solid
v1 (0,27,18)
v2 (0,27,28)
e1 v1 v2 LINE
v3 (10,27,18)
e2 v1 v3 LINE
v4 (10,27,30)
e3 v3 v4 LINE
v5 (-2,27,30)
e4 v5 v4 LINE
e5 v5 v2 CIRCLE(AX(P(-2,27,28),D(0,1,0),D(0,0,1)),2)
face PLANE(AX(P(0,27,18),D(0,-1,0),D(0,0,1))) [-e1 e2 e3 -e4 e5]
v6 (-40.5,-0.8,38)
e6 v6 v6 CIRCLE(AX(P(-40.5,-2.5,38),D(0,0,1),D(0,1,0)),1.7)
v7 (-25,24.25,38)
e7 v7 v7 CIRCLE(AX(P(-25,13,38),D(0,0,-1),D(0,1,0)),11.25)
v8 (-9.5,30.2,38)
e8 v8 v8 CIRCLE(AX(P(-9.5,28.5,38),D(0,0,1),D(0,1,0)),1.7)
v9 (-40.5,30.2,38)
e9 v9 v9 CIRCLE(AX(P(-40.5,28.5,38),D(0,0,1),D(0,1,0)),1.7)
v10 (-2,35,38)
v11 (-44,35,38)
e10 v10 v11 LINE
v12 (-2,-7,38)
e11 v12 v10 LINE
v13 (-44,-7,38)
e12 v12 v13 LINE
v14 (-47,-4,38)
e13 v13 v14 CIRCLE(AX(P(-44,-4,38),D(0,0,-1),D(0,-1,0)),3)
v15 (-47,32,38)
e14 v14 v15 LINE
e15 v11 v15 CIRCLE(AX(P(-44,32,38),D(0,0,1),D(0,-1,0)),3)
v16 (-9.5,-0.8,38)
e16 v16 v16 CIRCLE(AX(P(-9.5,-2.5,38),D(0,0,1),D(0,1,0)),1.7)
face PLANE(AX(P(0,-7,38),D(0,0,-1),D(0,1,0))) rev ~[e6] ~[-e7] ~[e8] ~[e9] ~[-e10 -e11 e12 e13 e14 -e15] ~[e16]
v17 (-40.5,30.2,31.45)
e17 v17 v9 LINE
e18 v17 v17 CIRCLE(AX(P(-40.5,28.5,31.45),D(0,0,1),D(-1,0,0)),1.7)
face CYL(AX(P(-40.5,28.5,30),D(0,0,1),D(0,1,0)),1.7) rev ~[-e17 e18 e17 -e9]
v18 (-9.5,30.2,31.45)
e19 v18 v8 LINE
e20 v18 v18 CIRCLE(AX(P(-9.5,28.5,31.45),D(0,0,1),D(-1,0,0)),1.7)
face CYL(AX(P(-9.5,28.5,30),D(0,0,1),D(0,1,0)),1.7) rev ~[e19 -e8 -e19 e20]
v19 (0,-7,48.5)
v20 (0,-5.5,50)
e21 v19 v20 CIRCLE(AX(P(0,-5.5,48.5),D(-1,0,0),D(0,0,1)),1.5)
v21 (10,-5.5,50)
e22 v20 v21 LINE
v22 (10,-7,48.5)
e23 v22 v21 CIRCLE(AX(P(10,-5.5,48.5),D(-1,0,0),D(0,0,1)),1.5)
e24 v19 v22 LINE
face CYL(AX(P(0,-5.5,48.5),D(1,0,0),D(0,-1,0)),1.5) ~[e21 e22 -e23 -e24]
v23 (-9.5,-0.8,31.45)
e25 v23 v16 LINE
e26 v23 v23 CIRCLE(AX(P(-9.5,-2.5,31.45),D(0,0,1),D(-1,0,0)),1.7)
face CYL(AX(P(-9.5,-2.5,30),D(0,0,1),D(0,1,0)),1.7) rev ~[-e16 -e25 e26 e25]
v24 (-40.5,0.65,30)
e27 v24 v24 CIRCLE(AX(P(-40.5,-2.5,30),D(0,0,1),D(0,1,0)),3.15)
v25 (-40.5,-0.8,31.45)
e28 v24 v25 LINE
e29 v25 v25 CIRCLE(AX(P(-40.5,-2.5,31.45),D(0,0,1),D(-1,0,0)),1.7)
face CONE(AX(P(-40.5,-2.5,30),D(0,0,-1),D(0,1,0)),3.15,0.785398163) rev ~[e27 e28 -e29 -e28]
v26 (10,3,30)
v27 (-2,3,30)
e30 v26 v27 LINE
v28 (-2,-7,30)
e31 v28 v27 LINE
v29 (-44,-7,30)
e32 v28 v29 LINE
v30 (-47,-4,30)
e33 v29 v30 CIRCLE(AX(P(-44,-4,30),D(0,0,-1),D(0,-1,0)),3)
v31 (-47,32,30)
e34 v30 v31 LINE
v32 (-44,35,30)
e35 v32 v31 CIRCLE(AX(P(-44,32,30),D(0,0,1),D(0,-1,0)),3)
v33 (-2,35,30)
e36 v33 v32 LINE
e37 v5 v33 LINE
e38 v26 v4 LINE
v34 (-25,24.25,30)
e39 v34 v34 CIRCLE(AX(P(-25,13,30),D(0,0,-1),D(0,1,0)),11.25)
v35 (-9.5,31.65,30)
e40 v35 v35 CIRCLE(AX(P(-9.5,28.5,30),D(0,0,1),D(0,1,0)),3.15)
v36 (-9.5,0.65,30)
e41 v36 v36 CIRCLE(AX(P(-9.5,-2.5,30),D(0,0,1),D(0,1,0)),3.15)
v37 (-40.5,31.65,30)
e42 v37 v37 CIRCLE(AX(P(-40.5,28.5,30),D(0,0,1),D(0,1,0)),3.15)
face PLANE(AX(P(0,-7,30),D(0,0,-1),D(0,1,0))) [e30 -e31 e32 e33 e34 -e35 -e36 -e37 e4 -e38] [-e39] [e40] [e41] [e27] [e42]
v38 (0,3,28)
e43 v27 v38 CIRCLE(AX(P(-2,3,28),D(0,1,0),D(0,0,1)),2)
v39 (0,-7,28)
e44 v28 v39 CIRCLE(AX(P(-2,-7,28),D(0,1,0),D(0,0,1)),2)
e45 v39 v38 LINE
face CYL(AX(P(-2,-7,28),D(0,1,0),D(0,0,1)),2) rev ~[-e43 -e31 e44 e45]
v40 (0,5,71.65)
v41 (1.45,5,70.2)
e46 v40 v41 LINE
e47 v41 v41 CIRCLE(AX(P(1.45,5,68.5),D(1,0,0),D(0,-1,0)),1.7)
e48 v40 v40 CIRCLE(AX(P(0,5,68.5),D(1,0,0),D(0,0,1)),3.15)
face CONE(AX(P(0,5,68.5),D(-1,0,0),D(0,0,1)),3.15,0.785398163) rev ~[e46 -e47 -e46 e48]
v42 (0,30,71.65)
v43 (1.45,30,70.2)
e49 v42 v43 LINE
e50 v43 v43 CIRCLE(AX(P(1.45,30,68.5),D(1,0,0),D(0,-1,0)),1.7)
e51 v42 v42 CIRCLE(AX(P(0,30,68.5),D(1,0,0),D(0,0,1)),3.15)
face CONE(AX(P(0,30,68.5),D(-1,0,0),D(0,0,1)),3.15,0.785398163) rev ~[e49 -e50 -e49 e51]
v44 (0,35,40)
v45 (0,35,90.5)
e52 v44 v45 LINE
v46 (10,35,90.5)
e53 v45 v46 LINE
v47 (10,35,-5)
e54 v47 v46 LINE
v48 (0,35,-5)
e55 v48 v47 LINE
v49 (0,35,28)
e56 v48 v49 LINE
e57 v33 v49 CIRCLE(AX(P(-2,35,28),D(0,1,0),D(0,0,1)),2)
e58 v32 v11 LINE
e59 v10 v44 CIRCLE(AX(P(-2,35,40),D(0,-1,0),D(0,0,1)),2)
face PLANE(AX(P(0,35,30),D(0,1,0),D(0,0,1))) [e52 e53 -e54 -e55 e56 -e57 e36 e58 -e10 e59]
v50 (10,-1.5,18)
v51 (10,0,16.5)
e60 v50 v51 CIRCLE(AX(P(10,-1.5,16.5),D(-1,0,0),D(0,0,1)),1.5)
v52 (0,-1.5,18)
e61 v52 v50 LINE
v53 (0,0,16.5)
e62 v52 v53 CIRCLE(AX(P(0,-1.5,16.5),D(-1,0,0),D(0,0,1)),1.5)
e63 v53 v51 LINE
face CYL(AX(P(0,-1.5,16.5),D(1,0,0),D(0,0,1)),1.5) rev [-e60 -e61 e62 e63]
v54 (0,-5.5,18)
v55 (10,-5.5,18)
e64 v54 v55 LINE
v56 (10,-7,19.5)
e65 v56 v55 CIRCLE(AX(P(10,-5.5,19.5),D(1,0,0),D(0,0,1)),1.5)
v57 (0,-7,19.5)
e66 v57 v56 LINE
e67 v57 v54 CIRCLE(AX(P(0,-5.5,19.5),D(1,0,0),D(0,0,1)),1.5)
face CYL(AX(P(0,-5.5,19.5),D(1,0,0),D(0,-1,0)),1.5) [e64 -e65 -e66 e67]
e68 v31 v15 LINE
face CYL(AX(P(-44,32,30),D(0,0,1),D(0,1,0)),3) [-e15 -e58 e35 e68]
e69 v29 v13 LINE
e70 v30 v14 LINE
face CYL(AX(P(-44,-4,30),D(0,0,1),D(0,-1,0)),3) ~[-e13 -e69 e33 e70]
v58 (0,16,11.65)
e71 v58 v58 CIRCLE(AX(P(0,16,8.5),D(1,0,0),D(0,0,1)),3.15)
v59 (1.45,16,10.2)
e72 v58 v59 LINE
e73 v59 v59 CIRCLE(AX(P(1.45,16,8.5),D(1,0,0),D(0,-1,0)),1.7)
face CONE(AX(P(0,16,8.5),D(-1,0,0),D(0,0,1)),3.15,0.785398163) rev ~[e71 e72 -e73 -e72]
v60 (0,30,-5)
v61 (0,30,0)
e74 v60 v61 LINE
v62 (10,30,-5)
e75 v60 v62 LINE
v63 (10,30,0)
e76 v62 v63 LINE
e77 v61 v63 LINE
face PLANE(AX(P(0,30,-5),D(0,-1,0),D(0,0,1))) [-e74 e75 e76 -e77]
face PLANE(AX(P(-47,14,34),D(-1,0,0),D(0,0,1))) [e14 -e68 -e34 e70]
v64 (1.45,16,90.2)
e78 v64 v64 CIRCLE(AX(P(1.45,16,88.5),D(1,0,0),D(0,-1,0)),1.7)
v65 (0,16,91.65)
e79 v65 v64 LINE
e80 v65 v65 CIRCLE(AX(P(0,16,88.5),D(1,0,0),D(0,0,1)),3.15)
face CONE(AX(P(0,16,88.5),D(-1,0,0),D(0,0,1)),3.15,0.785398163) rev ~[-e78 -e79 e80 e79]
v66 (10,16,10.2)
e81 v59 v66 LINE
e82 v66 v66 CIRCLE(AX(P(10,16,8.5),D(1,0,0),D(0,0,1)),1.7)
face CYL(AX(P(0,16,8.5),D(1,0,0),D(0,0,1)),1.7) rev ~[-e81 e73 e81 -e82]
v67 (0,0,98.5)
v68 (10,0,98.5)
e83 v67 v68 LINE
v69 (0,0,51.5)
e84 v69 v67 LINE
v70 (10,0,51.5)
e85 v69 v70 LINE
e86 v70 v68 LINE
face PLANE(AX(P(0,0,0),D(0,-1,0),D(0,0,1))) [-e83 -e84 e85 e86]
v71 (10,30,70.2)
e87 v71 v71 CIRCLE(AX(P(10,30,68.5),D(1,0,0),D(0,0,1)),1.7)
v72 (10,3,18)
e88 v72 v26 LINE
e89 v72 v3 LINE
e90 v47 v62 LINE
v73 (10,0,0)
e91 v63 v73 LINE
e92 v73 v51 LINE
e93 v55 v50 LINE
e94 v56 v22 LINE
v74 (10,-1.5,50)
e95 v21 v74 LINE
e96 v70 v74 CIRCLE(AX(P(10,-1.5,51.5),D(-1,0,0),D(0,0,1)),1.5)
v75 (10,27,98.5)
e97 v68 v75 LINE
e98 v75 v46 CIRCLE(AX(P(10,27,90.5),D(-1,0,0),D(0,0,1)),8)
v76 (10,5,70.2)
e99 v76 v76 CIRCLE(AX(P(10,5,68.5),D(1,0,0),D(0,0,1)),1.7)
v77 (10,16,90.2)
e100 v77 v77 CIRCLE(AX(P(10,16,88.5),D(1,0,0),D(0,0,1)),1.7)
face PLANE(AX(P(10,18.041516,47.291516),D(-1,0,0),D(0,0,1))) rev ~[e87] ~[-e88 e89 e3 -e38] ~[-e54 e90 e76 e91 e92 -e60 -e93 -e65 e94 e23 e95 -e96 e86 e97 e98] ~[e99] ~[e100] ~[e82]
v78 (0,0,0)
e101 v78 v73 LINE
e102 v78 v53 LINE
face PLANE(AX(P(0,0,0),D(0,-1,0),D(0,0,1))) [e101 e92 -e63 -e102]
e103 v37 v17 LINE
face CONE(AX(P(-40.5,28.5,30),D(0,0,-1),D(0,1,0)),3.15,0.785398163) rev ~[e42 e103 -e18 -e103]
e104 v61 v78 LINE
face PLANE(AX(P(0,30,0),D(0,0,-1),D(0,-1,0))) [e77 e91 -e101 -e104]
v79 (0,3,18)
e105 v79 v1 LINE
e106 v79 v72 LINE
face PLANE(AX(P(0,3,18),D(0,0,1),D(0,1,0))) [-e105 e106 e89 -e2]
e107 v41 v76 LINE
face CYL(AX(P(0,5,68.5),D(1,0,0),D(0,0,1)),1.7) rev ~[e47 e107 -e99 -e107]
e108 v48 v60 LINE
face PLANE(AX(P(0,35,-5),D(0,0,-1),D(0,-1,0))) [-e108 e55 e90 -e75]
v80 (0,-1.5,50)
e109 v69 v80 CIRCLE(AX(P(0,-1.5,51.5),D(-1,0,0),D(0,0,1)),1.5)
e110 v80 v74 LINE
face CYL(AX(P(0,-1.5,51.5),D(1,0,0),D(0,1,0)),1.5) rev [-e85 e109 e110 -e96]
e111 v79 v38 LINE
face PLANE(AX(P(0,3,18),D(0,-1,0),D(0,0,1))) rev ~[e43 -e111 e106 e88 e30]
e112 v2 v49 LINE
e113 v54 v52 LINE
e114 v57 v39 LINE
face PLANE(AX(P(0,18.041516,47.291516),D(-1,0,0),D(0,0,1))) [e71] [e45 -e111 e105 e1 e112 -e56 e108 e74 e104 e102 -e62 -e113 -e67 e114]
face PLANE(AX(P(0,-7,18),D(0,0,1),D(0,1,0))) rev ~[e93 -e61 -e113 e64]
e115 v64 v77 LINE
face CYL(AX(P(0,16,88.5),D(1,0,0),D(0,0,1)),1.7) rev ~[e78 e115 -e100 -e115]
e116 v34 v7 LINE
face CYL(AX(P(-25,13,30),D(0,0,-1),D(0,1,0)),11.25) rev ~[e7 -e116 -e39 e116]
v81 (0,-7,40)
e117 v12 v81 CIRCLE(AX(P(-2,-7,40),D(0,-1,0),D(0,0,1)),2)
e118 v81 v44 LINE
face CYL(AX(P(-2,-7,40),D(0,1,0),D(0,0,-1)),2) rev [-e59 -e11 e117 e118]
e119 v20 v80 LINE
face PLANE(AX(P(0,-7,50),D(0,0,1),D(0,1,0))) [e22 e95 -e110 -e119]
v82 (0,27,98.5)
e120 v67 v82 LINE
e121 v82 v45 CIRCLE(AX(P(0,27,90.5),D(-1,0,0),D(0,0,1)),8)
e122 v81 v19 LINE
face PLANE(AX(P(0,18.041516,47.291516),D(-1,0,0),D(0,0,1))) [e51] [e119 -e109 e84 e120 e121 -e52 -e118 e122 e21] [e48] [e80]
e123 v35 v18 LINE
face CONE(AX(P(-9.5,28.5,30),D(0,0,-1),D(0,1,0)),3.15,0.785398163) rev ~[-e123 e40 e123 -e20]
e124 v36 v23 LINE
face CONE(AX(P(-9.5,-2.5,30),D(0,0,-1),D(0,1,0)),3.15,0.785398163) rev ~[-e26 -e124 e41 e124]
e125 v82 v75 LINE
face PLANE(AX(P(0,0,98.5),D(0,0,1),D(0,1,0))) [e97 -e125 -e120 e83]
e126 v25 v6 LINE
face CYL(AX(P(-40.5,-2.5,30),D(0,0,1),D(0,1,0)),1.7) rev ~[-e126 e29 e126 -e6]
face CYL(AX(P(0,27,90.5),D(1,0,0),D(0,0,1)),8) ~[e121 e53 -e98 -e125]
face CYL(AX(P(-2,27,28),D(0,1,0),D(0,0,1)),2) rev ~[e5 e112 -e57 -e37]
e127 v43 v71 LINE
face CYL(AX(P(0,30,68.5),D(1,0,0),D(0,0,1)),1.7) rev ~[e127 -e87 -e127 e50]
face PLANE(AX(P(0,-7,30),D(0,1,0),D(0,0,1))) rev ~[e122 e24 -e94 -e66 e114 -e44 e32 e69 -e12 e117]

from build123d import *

# Parameters (mm, degrees)
BOSS_EXTRUDE1_DEPTH                                 = 10
CSK_FOR_M3_COUNTERSUNK_FLAT_HEAD_SCREW1_D           = 3.4
CSK_FOR_M3_COUNTERSUNK_FLAT_HEAD_SCREW1_CSINK_D     = 6.3
CSK_FOR_M3_COUNTERSUNK_FLAT_HEAD_SCREW1_CSINK_ANGLE = 90
SKETCH4_W                                           = 12
SKETCH4_H                                           = 24
CUT_EXTRUDE1_DEPTH                                  = 10
SKETCH6_W                                           = 32
SKETCH6_H                                           = 7
BOSS_EXTRUDE3_DEPTH                                 = 10
SKETCH7_W                                           = 8
SKETCH7_H                                           = 42
BOSS_EXTRUDE4_DEPTH                                 = 47
SKETCH8_R                                           = 11.25
CUT_EXTRUDE2_DEPTH                                  = 47
CSK_FOR_M3_COUNTERSUNK_FLAT_HEAD_SCREW2_D           = 3.4
CSK_FOR_M3_COUNTERSUNK_FLAT_HEAD_SCREW2_CSINK_D     = 6.3
CSK_FOR_M3_COUNTERSUNK_FLAT_HEAD_SCREW2_CSINK_ANGLE = 90
FILLET1_R                                           = 8
FILLET2_R                                           = 1.5
FILLET3_R                                           = 3
FILLET4_R                                           = 2


with BuildPart() as part:
    # Sketch1 → Boss-Extrude1 (new body)
    with BuildSketch(Plane(origin=(0, 0, 0), x_dir=(0, 0, -1), z_dir=(1, 0, 0))):
        Polygon((0, 0), (-98.5, 0), (-98.5, 35), (0, 35), (5, 35), (5, 30), (0, 30), align=None)
    extrude(amount=BOSS_EXTRUDE1_DEPTH)

    # CSK for M3 Countersunk Flat Head Screw1 (through all)
    with Locations(Plane(origin=(0, 16, 8.5), x_dir=(0, 0, -1), z_dir=(-1, 0, 0))):
        with Locations((0, 0), (-60, -14), (-60, 11), (-80, 0)):
            CounterSinkHole(CSK_FOR_M3_COUNTERSUNK_FLAT_HEAD_SCREW1_D / 2, CSK_FOR_M3_COUNTERSUNK_FLAT_HEAD_SCREW1_CSINK_D / 2, counter_sink_angle=CSK_FOR_M3_COUNTERSUNK_FLAT_HEAD_SCREW1_CSINK_ANGLE)

    # Sketch4 → Cut-Extrude1 (cut)
    with BuildSketch(Plane.ZY):
        with Locations((24, 15)):
            Rectangle(SKETCH4_W, SKETCH4_H)
    extrude(amount=-CUT_EXTRUDE1_DEPTH, mode=Mode.SUBTRACT)

    # Sketch6 → Boss-Extrude3 (add)
    with BuildSketch(Plane.ZY):
        with Locations((34, -3.5)):
            Rectangle(SKETCH6_W, SKETCH6_H)
    extrude(amount=-BOSS_EXTRUDE3_DEPTH)

    # Sketch7 → Boss-Extrude4 (add)
    with BuildSketch(Plane.ZY):
        with Locations((34, 14)):
            Rectangle(SKETCH7_W, SKETCH7_H)
    extrude(amount=BOSS_EXTRUDE4_DEPTH)

    # Sketch8 → Cut-Extrude2 (cut)
    with BuildSketch(Plane(origin=(0, 0, 30), x_dir=(-1, 0, 0), z_dir=(0, 0, -1))):
        with Locations(Location((25, 13, 0), (0, 0, 90))):
            Circle(SKETCH8_R)
    extrude(amount=-CUT_EXTRUDE2_DEPTH, mode=Mode.SUBTRACT)

    # CSK for M3 Countersunk Flat Head Screw2 (through all)
    with Locations(Plane(origin=(-9.5, 28.5, 30), x_dir=(0, -1, 0), z_dir=(0, 0, -1))):
        with Locations((0, 0), (0, 31), (31, 31), (31, 0)):
            CounterSinkHole(CSK_FOR_M3_COUNTERSUNK_FLAT_HEAD_SCREW2_D / 2, CSK_FOR_M3_COUNTERSUNK_FLAT_HEAD_SCREW2_CSINK_D / 2, counter_sink_angle=CSK_FOR_M3_COUNTERSUNK_FLAT_HEAD_SCREW2_CSINK_ANGLE)

    # Fillet1
    fillet1_edges = [part.edges().sort_by_distance(p)[0] for p in [
        (5, 35, 98.5),
    ]]
    fillet(fillet1_edges, radius=FILLET1_R)

    # Fillet2
    fillet2_edges = [part.edges().sort_by_distance(p)[0] for p in [
        (5, -7, 18),
        (5, 0, 18),
        (5, 0, 50),
        (5, -7, 50),
    ]]
    fillet(fillet2_edges, radius=FILLET2_R)

    # Fillet3
    fillet3_edges = [part.edges().sort_by_distance(p)[0] for p in [
        (-47, -7, 34),
        (-47, 35, 34),
    ]]
    fillet(fillet3_edges, radius=FILLET3_R)

    # Fillet4
    fillet4_edges = [part.edges().sort_by_distance(p)[0] for p in [
        (0, -2, 30),
        (0, 31, 30),
        (0, 14, 38),
    ]]
    fillet(fillet4_edges, radius=FILLET4_R)


solid = part.part
